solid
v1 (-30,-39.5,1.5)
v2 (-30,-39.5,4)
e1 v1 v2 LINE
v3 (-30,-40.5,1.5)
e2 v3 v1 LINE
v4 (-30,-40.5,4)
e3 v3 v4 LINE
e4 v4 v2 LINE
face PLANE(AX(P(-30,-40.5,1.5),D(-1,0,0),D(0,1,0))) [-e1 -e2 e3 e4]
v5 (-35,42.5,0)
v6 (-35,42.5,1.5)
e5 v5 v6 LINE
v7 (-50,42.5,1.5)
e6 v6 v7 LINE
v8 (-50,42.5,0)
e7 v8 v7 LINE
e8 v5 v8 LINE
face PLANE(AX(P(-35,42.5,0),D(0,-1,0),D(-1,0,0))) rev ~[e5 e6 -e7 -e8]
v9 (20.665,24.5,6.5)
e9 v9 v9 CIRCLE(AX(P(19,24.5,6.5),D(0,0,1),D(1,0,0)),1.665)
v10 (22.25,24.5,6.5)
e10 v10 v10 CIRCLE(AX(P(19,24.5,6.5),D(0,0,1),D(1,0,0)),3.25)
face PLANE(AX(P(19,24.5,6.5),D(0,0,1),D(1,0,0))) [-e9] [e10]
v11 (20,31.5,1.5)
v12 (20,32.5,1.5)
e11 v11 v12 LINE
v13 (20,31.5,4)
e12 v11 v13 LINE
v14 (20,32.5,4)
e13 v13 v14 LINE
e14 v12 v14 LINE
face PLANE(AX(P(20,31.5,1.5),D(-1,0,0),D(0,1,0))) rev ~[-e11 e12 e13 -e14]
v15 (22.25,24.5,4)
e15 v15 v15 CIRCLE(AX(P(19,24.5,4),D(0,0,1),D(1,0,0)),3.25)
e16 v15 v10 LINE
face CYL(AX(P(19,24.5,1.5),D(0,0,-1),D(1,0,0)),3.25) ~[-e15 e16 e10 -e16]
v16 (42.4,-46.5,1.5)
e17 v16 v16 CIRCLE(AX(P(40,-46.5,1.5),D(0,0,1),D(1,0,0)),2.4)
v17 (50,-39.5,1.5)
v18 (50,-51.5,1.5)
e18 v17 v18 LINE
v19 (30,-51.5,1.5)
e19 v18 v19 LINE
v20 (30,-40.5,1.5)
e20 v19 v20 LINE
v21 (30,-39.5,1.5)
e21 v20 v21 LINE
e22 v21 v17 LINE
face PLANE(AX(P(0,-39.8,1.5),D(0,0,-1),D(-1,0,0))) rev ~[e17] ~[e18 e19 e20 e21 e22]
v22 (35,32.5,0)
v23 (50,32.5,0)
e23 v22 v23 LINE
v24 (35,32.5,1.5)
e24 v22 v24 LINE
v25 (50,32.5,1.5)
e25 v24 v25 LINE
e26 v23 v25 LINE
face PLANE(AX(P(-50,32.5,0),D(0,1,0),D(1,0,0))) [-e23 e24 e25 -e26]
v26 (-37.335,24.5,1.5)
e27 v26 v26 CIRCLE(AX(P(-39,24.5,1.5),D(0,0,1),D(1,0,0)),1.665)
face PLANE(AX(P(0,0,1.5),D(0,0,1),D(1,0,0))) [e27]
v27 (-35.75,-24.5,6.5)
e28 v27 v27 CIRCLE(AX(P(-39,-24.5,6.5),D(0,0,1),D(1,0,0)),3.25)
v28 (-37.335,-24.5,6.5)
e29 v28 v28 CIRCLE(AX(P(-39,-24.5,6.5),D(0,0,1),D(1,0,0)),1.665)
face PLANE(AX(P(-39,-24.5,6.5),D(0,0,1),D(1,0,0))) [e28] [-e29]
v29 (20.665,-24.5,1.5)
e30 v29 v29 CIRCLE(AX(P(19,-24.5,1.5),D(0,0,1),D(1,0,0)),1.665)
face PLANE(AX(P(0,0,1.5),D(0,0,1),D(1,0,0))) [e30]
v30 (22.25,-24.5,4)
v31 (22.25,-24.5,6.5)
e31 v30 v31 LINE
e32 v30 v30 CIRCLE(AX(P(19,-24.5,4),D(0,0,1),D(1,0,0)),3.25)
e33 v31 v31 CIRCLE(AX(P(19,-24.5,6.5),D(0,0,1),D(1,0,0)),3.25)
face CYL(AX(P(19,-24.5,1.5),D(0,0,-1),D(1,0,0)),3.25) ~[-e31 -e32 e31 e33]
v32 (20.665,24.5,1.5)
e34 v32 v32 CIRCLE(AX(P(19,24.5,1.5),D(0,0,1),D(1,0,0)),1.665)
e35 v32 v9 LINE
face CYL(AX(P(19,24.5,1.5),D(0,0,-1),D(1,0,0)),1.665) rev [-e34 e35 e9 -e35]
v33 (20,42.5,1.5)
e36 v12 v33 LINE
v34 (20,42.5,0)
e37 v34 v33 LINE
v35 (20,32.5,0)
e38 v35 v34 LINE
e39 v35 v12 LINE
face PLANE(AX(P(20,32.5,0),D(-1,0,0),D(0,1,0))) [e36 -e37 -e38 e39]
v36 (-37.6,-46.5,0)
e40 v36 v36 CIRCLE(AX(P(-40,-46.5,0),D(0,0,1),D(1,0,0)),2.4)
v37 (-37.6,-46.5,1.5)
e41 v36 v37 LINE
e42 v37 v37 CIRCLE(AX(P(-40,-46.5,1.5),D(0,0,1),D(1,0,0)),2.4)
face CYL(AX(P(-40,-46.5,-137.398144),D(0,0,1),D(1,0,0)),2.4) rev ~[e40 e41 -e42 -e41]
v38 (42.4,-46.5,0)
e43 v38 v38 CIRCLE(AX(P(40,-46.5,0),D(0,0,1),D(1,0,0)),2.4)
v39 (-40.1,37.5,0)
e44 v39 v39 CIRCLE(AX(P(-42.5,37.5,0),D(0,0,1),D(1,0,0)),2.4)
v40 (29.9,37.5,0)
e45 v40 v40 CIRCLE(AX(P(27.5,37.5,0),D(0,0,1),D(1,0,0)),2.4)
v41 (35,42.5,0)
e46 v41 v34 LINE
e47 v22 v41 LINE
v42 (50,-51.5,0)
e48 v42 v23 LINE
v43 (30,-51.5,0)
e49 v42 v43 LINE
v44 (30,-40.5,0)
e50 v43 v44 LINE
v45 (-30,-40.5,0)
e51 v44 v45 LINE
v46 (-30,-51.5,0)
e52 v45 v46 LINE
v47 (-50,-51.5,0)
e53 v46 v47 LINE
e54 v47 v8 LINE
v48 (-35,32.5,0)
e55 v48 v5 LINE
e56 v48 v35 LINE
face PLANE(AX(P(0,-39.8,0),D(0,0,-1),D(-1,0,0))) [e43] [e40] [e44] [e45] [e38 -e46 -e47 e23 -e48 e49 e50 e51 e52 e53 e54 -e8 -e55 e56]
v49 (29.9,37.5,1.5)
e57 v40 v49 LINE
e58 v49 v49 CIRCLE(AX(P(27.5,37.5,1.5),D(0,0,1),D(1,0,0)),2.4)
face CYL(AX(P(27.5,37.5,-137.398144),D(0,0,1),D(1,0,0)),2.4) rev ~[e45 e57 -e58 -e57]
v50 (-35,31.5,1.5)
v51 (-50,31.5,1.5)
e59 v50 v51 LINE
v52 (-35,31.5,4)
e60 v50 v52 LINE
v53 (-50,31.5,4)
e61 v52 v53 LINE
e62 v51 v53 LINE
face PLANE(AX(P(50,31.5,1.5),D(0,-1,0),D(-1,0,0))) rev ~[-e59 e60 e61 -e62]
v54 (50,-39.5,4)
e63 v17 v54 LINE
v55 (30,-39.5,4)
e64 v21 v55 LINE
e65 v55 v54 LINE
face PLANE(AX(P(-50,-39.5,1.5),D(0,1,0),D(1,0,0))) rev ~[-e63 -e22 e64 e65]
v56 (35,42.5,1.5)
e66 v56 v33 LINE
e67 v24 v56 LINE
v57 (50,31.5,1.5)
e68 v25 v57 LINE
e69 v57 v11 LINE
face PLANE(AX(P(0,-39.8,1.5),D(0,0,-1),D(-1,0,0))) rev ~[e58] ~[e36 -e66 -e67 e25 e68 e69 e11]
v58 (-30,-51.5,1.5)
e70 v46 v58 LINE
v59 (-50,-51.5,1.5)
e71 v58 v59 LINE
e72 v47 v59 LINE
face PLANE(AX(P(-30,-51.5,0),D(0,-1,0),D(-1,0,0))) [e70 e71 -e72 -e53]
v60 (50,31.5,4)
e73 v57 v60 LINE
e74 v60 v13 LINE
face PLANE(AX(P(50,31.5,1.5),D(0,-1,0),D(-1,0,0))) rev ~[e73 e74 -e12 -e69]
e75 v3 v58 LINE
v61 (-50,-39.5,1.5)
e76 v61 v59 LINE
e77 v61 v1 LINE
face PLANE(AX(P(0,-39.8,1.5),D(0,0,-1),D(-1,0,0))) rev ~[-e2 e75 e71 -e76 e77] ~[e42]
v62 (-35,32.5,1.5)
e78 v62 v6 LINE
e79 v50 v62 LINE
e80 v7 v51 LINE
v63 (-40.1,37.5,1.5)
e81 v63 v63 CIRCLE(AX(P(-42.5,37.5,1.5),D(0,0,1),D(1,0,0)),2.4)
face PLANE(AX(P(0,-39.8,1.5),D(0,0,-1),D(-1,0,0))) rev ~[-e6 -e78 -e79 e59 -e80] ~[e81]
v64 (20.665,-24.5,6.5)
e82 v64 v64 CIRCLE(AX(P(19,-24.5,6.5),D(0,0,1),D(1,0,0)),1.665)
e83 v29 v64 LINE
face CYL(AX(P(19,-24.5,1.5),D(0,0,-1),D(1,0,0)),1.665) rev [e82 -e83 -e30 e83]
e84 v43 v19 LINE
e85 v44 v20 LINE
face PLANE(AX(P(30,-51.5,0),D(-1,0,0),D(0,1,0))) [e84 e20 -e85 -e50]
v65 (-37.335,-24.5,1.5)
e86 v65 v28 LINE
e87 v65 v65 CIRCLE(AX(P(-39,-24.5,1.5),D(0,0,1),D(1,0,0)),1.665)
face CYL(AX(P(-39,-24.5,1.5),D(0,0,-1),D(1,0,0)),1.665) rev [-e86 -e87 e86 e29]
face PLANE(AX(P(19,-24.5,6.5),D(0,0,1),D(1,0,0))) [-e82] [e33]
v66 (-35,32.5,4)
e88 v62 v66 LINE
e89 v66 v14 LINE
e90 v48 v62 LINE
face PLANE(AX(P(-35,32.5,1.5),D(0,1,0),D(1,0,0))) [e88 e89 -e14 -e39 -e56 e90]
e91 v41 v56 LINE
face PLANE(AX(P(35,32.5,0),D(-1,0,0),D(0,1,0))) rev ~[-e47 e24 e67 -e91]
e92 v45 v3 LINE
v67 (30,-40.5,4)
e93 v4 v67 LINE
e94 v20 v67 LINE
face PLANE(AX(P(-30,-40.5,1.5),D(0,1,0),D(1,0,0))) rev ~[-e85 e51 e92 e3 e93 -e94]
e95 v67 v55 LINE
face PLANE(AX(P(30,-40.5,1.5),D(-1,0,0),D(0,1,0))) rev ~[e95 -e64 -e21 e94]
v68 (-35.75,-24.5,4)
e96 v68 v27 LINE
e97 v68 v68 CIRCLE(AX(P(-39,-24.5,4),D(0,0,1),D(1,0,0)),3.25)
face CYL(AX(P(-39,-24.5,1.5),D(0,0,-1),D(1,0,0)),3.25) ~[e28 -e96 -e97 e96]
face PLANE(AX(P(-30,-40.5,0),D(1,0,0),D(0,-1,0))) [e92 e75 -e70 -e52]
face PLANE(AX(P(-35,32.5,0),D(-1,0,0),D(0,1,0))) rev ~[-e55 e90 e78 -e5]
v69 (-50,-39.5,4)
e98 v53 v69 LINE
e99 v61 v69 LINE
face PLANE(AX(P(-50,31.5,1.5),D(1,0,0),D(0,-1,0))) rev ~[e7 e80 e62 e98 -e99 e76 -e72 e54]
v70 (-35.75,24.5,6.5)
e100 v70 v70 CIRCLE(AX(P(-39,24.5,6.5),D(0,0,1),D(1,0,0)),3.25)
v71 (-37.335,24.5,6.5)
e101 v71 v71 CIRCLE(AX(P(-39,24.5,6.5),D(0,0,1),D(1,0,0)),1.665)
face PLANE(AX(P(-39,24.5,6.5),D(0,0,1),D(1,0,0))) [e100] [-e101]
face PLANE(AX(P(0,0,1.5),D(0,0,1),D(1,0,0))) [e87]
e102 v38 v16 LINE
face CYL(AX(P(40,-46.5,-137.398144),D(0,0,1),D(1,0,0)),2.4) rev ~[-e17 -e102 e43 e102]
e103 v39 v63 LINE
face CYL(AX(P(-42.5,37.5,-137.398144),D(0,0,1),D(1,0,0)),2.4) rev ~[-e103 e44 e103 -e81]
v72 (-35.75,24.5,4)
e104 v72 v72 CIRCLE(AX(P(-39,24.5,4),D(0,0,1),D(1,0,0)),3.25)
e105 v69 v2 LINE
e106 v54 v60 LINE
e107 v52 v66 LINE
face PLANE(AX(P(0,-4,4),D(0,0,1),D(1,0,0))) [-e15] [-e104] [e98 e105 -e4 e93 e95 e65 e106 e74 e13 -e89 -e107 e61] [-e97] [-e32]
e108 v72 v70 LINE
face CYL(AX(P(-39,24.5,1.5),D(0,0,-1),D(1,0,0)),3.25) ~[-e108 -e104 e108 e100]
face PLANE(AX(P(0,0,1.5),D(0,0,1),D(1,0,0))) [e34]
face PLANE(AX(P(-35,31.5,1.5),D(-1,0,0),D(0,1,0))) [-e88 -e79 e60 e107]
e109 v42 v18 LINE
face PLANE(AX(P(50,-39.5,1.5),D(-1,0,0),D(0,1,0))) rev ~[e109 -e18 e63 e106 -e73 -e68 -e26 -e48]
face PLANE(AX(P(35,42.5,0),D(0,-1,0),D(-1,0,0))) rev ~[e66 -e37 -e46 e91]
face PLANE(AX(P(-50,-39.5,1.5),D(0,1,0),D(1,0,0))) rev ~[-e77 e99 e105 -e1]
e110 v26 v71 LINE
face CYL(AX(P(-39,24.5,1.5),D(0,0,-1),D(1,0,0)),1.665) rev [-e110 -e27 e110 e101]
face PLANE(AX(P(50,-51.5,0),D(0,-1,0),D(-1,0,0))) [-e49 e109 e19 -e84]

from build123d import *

# Parameters (mm, degrees)
SKETCH1_W            = 100
SKETCH1_H            = 65
BOSS_EXTRUDE1_DEPTH  = 1.5
SKETCH2_R            = 3.25
SKETCH2_R_2          = 1.665
BOSS_EXTRUDE2_DEPTH  = 5
SKETCH4_W            = 15
SKETCH4_H            = 10
BOSS_EXTRUDE3_DEPTH  = 1.5
M4_CLEARANCE_HOLE1_D = 4.8
SKETCH8_R            = 3.25
SKETCH8_W            = 55
SKETCH8_H            = 1
SKETCH8_W_2          = 60
BOSS_EXTRUDE4_DEPTH  = 2.5


with BuildPart() as part:
    # Sketch1 → Boss-Extrude1 (new body)
    with BuildSketch(Plane.XY):
        Rectangle(SKETCH1_W, SKETCH1_H)
    extrude(amount=BOSS_EXTRUDE1_DEPTH)

    # Sketch2 → Boss-Extrude2 (add)
    # profile 1 of 4: a face of its own
    with BuildSketch(Plane.XY.offset(1.5)):
        with Locations((-39, 24.5)):
            Circle(SKETCH2_R)
        with Locations((-39, 24.5)):
            Circle(SKETCH2_R_2, mode=Mode.SUBTRACT)
    # profile 2 of 4: a face of its own
    with BuildSketch(Plane.XY.offset(1.5)):
        with Locations((19, 24.5)):
            Circle(SKETCH2_R)
        with Locations((19, 24.5)):
            Circle(SKETCH2_R_2, mode=Mode.SUBTRACT)
    # profile 3 of 4: a face of its own
    with BuildSketch(Plane.XY.offset(1.5)):
        with Locations((19, -24.5)):
            Circle(SKETCH2_R)
        with Locations((19, -24.5)):
            Circle(SKETCH2_R_2, mode=Mode.SUBTRACT)
    # profile 4 of 4: a face of its own
    with BuildSketch(Plane.XY.offset(1.5)):
        with Locations((-39, -24.5)):
            Circle(SKETCH2_R)
        with Locations((-39, -24.5)):
            Circle(SKETCH2_R_2, mode=Mode.SUBTRACT)
    extrude(amount=BOSS_EXTRUDE2_DEPTH)

    # Sketch4 → Boss-Extrude3 (add)
    with BuildSketch(Plane(origin=(0, 0, 0), x_dir=(-1, 0, 0), z_dir=(0, 0, -1))):
        Polygon((-50, -32.5), (-50, -51.5), (-30, -51.5), (-30, -40.5), (30, -40.5), (30, -51.5), (50, -51.5), (50, -32.5), align=None)
        with Locations((-27.5, 37.5)):
            Rectangle(SKETCH4_W, SKETCH4_H)
        with Locations((42.5, 37.5)):
            Rectangle(SKETCH4_W, SKETCH4_H)
    extrude(amount=-BOSS_EXTRUDE3_DEPTH)

    # M4 Clearance Hole1 (through all)
    with Locations(Plane(origin=(0, 0, 0), x_dir=(-1, 0, 0), z_dir=(0, 0, -1))):
        with Locations((-40, -46.5), (40, -46.5), (42.5, 37.5), (-27.5, 37.5)):
            Hole(M4_CLEARANCE_HOLE1_D / 2)

    # Sketch8 → Boss-Extrude4 (add)
    # profile 1 of 3: a face of its own
    with BuildSketch(Plane.XY.offset(1.5)):
        Polygon((-35, 31.5), (-50, 31.5), (-50, -39.5), (-30, -39.5), (30, -39.5), (50, -39.5), (50, 31.5), (35, 31.5), (20, 31.5), align=None)
        with Locations((-39, -24.5)):
            Circle(SKETCH8_R, mode=Mode.SUBTRACT)
        with Locations((19, -24.5)):
            Circle(SKETCH8_R, mode=Mode.SUBTRACT)
        with Locations((-39, 24.5)):
            Circle(SKETCH8_R, mode=Mode.SUBTRACT)
        with Locations((19, 24.5)):
            Circle(SKETCH8_R, mode=Mode.SUBTRACT)
    # profile 2 of 3: a face of its own
    with BuildSketch(Plane.XY.offset(1.5)):
        with Locations((-7.5, 32)):
            Rectangle(SKETCH8_W, SKETCH8_H)
    # profile 3 of 3: a face of its own
    with BuildSketch(Plane.XY.offset(1.5)):
        with Locations((0, -40)):
            Rectangle(SKETCH8_W_2, SKETCH8_H)
    extrude(amount=BOSS_EXTRUDE4_DEPTH)


solid = part.part
